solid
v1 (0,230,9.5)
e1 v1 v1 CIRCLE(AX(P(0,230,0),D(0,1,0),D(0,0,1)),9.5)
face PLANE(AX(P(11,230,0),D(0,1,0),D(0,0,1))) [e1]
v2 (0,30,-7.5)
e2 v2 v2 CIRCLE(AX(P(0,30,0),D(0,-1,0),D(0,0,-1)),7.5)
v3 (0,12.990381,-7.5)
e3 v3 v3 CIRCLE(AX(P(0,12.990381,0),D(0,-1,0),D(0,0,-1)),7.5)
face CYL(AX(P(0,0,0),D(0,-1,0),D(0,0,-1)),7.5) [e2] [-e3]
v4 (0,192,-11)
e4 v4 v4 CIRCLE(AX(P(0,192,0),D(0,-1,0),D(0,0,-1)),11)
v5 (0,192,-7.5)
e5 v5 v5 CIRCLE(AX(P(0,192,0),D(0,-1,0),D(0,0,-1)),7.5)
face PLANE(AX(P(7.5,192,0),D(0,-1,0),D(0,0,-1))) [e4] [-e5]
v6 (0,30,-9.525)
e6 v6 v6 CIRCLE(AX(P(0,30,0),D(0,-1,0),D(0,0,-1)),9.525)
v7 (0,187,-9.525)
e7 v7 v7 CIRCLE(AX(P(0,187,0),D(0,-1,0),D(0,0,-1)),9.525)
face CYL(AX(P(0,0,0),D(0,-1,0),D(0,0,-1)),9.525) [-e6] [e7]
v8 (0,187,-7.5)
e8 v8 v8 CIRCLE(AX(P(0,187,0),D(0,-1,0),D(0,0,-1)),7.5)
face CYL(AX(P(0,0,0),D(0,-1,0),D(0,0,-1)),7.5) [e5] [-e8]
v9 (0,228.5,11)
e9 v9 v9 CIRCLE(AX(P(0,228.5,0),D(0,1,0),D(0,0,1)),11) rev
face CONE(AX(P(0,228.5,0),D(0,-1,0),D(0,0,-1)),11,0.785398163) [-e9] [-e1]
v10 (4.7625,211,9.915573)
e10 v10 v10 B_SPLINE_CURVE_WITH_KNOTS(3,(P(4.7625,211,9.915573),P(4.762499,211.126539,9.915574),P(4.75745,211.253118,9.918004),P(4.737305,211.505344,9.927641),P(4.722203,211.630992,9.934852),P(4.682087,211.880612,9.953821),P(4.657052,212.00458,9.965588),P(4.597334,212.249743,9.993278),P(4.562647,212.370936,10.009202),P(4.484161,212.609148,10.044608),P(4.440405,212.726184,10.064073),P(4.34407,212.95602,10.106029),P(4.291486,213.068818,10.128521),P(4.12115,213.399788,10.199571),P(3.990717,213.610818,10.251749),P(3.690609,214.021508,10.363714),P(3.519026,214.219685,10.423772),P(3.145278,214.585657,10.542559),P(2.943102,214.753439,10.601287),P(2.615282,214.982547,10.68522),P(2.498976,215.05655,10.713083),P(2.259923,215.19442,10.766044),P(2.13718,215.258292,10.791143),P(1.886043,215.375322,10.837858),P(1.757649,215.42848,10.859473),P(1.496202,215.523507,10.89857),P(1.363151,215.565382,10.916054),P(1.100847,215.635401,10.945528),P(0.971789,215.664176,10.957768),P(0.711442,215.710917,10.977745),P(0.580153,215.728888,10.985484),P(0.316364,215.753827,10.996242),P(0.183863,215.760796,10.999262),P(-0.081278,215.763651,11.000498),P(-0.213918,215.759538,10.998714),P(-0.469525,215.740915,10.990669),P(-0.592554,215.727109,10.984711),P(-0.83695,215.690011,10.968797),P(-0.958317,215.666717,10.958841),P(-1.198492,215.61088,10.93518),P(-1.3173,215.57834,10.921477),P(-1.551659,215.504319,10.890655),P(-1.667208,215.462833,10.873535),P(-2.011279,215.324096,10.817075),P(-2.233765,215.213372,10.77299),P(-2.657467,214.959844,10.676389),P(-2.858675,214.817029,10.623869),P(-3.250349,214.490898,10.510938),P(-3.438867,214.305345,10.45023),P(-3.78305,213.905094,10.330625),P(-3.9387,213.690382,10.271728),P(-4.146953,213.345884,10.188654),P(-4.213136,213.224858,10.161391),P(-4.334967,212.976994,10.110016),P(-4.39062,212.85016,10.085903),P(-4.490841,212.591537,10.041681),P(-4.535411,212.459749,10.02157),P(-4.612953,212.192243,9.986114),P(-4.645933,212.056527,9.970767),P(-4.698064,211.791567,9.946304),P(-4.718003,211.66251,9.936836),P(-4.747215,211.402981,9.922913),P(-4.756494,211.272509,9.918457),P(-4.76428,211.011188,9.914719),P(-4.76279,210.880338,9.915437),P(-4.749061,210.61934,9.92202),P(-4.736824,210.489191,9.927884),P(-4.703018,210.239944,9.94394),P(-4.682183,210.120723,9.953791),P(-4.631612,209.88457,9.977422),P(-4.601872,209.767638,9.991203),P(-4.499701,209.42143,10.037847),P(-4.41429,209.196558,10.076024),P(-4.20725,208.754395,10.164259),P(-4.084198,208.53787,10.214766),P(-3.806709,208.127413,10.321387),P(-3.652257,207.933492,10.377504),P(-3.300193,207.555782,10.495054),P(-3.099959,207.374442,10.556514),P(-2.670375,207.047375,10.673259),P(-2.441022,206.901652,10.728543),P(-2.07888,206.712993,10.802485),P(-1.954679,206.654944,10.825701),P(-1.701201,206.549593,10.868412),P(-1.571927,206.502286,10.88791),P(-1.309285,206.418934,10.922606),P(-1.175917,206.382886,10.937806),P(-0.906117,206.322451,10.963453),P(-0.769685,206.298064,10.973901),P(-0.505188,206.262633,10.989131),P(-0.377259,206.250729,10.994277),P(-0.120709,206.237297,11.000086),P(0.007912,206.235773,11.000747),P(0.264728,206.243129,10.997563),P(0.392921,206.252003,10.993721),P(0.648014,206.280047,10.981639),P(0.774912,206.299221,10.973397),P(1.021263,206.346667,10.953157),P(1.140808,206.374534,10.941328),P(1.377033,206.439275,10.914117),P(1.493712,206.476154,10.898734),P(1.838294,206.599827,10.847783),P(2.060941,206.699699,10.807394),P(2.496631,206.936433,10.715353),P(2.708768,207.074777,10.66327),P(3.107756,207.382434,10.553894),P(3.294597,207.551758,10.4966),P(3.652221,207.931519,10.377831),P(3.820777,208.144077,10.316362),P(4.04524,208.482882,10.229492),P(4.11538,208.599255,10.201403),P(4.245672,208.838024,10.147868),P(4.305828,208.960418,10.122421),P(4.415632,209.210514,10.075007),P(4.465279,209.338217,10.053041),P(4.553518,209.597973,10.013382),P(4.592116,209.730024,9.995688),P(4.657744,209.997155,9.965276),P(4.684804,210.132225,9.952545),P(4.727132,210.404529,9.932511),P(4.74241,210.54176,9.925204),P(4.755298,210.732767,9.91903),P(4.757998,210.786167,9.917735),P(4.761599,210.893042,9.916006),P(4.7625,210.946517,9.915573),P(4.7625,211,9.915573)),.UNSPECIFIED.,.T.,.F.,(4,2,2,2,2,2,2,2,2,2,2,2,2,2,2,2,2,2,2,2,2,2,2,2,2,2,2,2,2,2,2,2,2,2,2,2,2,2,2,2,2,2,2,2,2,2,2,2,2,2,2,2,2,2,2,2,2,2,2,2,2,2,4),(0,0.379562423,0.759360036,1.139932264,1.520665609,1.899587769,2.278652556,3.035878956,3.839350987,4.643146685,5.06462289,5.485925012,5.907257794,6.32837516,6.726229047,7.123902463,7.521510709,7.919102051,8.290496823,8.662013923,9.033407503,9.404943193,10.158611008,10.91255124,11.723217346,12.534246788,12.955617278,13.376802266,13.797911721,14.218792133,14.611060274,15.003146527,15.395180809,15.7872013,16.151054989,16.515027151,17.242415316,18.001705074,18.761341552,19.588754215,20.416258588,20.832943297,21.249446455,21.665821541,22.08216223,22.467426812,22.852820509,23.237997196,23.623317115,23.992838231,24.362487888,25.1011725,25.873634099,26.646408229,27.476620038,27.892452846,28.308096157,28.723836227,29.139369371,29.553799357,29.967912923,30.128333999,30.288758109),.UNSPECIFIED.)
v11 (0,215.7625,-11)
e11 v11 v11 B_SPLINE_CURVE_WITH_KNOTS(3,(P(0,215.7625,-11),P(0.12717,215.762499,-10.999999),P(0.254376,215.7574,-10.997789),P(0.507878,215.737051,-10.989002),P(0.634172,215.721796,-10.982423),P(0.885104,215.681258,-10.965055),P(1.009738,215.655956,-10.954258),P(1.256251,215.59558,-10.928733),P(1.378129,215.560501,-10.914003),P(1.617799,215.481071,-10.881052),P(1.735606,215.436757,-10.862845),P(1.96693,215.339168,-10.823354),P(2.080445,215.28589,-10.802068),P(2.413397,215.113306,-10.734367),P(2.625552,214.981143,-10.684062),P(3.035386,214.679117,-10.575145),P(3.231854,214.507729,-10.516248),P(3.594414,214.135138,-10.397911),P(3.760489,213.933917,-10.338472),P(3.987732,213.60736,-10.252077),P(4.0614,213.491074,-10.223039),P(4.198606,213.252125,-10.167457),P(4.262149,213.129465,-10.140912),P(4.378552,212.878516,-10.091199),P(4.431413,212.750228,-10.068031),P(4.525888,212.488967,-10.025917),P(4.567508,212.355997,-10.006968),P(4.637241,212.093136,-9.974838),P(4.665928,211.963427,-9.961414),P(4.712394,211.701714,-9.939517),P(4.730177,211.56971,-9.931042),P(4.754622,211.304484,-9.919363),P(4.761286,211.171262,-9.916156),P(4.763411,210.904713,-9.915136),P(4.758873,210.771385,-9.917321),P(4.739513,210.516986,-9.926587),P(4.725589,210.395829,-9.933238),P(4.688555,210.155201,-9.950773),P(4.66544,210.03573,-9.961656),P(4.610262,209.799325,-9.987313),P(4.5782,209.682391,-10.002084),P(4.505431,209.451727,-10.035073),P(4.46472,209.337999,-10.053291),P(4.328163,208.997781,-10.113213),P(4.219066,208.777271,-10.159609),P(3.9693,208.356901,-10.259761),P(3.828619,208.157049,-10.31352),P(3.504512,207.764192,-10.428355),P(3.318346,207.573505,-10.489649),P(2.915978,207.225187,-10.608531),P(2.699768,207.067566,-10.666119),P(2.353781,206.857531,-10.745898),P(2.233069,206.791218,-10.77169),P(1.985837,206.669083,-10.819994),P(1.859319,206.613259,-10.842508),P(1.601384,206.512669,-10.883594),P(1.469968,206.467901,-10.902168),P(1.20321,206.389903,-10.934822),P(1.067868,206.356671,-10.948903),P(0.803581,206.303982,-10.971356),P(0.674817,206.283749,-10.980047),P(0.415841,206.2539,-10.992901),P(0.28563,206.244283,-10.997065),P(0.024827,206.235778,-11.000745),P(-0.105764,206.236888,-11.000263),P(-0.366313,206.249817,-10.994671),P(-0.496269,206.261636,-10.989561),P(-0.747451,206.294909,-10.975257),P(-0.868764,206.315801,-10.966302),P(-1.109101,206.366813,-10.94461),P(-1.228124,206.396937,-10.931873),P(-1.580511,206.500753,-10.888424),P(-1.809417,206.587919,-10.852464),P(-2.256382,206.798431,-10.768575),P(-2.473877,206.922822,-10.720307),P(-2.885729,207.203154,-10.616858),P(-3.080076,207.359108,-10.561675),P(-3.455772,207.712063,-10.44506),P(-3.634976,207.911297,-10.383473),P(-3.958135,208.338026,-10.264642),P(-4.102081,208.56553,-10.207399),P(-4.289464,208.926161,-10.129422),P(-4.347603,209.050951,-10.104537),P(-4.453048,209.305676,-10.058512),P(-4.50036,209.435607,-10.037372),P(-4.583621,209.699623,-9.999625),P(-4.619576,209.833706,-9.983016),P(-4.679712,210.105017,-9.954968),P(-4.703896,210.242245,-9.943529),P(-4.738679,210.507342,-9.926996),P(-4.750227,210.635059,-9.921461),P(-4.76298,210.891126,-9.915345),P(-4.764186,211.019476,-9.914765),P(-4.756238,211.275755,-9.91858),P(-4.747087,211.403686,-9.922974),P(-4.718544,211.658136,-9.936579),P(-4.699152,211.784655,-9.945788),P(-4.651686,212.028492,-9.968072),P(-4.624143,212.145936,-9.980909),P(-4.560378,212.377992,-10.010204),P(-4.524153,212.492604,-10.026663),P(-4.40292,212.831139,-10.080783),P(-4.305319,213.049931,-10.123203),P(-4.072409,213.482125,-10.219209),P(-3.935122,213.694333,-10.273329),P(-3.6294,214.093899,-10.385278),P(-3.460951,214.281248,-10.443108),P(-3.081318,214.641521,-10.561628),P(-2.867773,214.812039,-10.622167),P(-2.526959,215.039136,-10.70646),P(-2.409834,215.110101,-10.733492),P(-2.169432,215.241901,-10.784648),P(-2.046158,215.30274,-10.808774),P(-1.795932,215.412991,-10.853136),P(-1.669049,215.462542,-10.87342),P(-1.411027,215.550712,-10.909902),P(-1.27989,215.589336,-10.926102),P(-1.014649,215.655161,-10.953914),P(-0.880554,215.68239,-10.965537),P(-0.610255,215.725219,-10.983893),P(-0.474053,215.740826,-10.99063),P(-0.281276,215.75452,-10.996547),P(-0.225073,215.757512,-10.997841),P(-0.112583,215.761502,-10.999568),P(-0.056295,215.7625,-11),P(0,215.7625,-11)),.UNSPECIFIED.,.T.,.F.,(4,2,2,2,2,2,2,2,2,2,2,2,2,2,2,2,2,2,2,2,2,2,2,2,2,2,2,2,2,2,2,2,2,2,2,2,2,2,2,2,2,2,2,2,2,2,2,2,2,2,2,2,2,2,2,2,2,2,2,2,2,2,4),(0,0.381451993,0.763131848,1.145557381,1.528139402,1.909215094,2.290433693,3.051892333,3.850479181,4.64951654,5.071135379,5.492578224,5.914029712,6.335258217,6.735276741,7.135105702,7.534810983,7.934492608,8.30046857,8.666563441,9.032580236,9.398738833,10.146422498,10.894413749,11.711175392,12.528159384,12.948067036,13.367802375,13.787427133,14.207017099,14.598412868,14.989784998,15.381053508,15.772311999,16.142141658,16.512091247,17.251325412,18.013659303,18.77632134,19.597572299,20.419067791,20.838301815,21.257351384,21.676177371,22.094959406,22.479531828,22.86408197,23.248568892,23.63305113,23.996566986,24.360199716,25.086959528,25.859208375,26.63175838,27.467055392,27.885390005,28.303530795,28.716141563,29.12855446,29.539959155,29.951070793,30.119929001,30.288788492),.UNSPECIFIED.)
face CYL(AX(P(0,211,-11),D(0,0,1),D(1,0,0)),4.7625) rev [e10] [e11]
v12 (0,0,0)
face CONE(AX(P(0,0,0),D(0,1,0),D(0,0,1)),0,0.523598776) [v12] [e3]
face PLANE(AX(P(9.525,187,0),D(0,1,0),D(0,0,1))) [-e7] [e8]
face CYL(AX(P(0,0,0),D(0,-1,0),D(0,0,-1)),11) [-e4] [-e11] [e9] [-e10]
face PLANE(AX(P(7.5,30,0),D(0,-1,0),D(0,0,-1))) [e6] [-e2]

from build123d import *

# Parameters (mm, degrees)
CORTAR_EXTRUIR1_DEPTH      = 231.52548666
CORTAR_EXTRUIR1_DEPTH_BACK = 231.52548666
CROQUIS2_R                 = 4.7625
CHAFL_N1_SIZE              = 1.5


with BuildPart() as part:
    # Croquis1 → Revolución1 (revolve)
    with BuildSketch(Plane.XY, mode=Mode.PRIVATE) as revoluci_n1_sk:
        Polygon((0, 0), (7.5, 12.990381057), (7.5, 30), (9.525, 30), (9.525, 187), (7.5, 187), (7.5, 192), (11, 192), (11, 230), (0, 230), align=None)
    revolve(revoluci_n1_sk.sketch.rotate(Axis((0, 0, 0), (0, 1, 0)), 90), axis=Axis((0, 0, 0), (0, 1, 0)))

    # Croquis2 → Cortar-Extruir1 (cut, two sides: drawn at the far end of the back side and taken through both)
    with BuildSketch(Plane.XY.offset(-CORTAR_EXTRUIR1_DEPTH_BACK)):
        with Locations((0, 211)):
            Circle(CROQUIS2_R)
    extrude(amount=CORTAR_EXTRUIR1_DEPTH + CORTAR_EXTRUIR1_DEPTH_BACK, mode=Mode.SUBTRACT)

    # Chaflán1
    chafl_n1_edges = [part.edges().sort_by_distance(p)[0] for p in [
        (0, 230, 11),
    ]]
    chamfer(chafl_n1_edges, length=CHAFL_N1_SIZE)


solid = part.part
